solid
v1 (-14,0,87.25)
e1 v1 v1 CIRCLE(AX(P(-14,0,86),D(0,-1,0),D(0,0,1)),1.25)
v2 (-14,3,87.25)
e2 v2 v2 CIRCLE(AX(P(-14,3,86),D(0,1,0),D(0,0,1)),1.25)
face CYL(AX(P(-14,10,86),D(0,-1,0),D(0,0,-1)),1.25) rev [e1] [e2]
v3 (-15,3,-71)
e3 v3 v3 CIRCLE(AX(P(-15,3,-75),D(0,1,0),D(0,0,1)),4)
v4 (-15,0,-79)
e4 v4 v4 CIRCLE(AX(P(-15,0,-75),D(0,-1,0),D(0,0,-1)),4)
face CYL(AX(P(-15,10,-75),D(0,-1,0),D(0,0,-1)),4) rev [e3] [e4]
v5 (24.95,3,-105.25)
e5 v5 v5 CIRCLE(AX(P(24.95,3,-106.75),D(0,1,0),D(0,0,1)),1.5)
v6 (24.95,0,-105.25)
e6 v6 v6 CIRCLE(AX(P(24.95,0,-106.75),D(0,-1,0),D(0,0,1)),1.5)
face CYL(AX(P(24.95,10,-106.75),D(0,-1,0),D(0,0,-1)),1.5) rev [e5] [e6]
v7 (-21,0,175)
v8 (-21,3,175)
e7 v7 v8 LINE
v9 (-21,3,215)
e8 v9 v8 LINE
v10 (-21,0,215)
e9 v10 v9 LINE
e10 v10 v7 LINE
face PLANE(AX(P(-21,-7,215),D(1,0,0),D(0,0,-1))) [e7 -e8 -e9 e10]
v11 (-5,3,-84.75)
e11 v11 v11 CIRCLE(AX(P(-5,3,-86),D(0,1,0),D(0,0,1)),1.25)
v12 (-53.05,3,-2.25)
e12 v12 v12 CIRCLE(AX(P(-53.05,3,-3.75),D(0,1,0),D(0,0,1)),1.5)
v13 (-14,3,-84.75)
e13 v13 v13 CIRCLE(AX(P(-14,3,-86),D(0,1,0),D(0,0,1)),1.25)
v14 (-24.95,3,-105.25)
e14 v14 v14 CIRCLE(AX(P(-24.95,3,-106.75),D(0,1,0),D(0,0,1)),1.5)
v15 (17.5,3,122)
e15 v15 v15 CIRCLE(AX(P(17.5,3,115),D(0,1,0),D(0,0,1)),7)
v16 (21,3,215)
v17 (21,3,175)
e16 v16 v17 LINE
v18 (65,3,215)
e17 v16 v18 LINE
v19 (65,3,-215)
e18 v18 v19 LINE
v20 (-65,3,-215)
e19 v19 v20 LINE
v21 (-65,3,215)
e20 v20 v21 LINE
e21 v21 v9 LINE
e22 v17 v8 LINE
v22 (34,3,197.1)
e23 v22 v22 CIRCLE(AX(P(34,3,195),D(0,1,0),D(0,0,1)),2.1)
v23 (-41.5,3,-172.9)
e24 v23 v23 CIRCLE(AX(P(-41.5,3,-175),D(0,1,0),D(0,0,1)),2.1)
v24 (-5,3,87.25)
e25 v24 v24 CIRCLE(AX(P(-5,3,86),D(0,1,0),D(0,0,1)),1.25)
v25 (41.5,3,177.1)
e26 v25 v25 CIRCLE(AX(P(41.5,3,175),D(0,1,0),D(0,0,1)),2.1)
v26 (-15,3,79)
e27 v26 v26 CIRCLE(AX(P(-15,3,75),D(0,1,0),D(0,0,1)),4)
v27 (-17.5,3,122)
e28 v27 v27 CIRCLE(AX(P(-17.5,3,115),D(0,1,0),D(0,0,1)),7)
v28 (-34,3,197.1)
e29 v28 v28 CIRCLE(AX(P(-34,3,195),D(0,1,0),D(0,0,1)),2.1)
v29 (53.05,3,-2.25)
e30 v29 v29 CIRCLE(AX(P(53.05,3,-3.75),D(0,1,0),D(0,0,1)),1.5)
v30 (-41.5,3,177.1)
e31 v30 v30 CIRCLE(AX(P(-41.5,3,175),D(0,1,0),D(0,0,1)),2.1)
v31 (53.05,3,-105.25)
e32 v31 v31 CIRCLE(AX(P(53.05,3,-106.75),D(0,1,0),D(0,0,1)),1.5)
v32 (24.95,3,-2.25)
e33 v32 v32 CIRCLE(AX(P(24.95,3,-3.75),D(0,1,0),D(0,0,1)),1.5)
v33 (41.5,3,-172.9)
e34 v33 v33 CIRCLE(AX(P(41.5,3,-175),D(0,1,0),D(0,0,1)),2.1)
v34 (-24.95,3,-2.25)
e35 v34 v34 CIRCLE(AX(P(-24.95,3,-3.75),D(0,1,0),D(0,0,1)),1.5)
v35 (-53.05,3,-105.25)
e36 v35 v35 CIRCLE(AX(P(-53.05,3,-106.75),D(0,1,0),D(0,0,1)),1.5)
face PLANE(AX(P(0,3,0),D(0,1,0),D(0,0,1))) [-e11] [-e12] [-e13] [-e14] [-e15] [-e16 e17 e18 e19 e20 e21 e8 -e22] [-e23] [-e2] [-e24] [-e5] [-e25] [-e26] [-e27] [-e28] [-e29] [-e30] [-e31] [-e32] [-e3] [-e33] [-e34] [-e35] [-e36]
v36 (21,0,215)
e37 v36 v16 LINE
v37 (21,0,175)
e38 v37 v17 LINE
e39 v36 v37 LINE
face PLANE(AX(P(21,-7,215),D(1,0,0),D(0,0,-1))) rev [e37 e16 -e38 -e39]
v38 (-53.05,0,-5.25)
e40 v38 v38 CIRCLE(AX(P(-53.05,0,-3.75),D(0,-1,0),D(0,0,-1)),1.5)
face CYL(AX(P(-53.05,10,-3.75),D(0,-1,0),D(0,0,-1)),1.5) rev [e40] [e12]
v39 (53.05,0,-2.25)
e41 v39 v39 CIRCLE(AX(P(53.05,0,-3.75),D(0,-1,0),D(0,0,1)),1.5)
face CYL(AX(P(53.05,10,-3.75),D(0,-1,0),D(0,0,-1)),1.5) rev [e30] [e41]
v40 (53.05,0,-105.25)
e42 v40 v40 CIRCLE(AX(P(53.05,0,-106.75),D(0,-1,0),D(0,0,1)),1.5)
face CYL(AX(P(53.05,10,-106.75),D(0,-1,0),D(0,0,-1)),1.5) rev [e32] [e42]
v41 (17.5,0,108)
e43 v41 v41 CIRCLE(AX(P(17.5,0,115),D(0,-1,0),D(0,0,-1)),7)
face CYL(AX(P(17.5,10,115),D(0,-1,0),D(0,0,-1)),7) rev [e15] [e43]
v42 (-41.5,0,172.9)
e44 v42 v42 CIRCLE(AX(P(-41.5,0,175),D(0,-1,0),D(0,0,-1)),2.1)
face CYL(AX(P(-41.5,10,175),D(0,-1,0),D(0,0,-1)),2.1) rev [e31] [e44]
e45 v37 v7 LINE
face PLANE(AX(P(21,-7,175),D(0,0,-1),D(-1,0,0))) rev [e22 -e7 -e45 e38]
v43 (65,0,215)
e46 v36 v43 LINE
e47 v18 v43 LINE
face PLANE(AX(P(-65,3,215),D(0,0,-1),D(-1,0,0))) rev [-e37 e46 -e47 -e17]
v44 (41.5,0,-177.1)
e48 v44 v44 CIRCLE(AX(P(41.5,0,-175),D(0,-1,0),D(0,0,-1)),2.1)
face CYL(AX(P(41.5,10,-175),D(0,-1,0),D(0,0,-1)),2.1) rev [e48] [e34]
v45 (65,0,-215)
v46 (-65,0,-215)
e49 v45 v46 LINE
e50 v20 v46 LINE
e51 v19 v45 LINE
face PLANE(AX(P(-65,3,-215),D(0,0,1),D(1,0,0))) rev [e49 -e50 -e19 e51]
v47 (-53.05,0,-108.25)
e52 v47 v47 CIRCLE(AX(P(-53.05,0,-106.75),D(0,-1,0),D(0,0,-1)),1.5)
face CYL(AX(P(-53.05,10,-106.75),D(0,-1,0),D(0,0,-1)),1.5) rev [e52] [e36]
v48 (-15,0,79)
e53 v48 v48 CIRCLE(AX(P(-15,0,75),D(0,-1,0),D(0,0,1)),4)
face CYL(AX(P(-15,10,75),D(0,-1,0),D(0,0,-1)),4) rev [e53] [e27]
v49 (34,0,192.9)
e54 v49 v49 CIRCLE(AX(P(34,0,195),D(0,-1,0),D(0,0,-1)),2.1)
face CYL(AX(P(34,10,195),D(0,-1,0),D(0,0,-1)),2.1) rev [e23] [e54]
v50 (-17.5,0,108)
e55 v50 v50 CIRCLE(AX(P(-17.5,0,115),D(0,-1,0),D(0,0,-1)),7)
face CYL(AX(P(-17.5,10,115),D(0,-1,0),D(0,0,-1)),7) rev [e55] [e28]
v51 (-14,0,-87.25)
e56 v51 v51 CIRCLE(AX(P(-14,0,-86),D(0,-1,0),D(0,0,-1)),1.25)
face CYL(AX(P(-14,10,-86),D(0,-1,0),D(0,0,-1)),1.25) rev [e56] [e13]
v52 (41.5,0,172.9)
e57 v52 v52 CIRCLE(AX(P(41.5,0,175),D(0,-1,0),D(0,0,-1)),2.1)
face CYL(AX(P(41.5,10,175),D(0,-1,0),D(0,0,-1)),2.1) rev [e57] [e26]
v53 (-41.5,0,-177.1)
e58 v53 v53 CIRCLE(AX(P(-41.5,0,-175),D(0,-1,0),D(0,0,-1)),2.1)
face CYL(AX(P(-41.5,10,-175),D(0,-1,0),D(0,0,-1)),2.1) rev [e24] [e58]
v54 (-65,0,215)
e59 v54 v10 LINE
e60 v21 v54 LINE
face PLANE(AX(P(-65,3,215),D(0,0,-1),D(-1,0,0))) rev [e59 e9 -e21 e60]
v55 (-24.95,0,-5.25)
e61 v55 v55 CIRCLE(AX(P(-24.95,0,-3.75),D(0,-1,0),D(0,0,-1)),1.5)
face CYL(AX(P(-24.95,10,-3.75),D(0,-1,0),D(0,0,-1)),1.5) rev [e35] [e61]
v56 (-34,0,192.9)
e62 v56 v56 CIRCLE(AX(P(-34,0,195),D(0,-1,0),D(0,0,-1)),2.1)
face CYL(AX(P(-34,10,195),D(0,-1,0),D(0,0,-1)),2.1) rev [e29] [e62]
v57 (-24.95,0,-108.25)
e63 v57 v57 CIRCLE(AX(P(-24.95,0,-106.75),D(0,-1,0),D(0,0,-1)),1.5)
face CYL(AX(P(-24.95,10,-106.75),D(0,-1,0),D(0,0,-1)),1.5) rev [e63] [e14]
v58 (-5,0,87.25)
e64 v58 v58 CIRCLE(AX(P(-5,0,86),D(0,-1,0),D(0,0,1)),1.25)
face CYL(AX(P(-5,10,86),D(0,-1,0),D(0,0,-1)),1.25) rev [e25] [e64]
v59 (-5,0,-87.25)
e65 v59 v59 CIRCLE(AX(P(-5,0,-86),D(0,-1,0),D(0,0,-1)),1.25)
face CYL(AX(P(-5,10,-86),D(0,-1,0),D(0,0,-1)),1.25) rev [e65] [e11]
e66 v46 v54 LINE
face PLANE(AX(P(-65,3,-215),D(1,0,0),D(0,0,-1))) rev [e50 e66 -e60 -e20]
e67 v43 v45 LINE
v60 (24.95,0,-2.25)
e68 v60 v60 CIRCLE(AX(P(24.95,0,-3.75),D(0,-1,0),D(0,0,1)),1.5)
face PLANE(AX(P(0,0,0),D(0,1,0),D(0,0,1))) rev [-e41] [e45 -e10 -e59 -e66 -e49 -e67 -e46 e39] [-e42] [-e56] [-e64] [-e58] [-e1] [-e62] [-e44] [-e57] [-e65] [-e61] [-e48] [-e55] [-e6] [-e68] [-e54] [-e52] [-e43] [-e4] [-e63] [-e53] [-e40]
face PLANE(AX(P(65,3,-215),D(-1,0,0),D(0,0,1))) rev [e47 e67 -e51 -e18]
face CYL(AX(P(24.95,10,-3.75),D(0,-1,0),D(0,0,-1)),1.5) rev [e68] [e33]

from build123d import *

# Parameters (mm, degrees)
SKETCH1_W           = 130
SKETCH1_H           = 430
BOSS_EXTRUDE1_DEPTH = 3
SKETCH2_W           = 42
SKETCH2_H           = 40
CUT_EXTRUDE1_DEPTH  = 10
SKETCH3_R           = 1.5
SKETCH3_R_2         = 2.1
CUT_EXTRUDE2_DEPTH  = 10
SKETCH4_R           = 7
CUT_EXTRUDE3_DEPTH  = 10
SKETCH5_R           = 4
SKETCH5_R_2         = 1.25
CUT_EXTRUDE4_DEPTH  = 10


with BuildPart() as part:
    # Sketch1 → Boss-Extrude1 (new body)
    with BuildSketch(Plane(origin=(0, 0, 0), x_dir=(1, 0, 0), z_dir=(0, 1, 0))):
        Rectangle(SKETCH1_W, SKETCH1_H)
    extrude(amount=BOSS_EXTRUDE1_DEPTH)

    # Sketch2 → Cut-Extrude1 (cut)
    with BuildSketch(Plane(origin=(0, 3, 0), x_dir=(1, 0, 0), z_dir=(0, 1, 0))):
        with Locations((0, -195)):
            Rectangle(SKETCH2_W, SKETCH2_H)
    extrude(amount=-CUT_EXTRUDE1_DEPTH, mode=Mode.SUBTRACT)

    # Sketch3 → Cut-Extrude2 (cut)
    with BuildSketch(Plane.XZ):
        with Locations(Location((-53.05, -3.75, 0), (0, 0, 270))):
            Circle(SKETCH3_R)
        with Locations(Location((-24.95, -3.75, 0), (0, 0, 270))):
            Circle(SKETCH3_R)
        with Locations(Location((-53.05, -106.75, 0), (0, 0, 270))):
            Circle(SKETCH3_R)
        with Locations(Location((-24.95, -106.75, 0), (0, 0, 270))):
            Circle(SKETCH3_R)
        with Locations(Location((24.95, -106.75, 0), (0, 0, 90))):
            Circle(SKETCH3_R)
        with Locations(Location((34, 195, 0), (0, 0, 270))):
            Circle(SKETCH3_R_2)
        with Locations(Location((53.05, -106.75, 0), (0, 0, 90))):
            Circle(SKETCH3_R)
        with Locations(Location((24.95, -3.75, 0), (0, 0, 90))):
            Circle(SKETCH3_R)
        with Locations(Location((-34, 195, 0), (0, 0, 270))):
            Circle(SKETCH3_R_2)
        with Locations(Location((53.05, -3.75, 0), (0, 0, 90))):
            Circle(SKETCH3_R)
        with Locations(Location((-41.5, 175, 0), (0, 0, 270))):
            Circle(SKETCH3_R_2)
        with Locations(Location((41.5, 175, 0), (0, 0, 270))):
            Circle(SKETCH3_R_2)
        with Locations(Location((41.5, -175, 0), (0, 0, 270))):
            Circle(SKETCH3_R_2)
        with Locations(Location((-41.5, -175, 0), (0, 0, 270))):
            Circle(SKETCH3_R_2)
    extrude(amount=-CUT_EXTRUDE2_DEPTH, mode=Mode.SUBTRACT)

    # Sketch4 → Cut-Extrude3 (cut)
    with BuildSketch(Plane.XZ):
        with Locations(Location((-17.5, 115, 0), (0, 0, 270))):
            Circle(SKETCH4_R)
        with Locations(Location((17.5, 115, 0), (0, 0, 270))):
            Circle(SKETCH4_R)
    extrude(amount=-CUT_EXTRUDE3_DEPTH, mode=Mode.SUBTRACT)

    # Sketch5 → Cut-Extrude4 (cut)
    with BuildSketch(Plane.XZ):
        with Locations(Location((-15, -75, 0), (0, 0, 270))):
            Circle(SKETCH5_R)
        with Locations(Location((-14, -86, 0), (0, 0, 270))):
            Circle(SKETCH5_R_2)
        with Locations(Location((-5, -86, 0), (0, 0, 270))):
            Circle(SKETCH5_R_2)
        with Locations(Location((-15, 75, 0), (0, 0, 90))):
            Circle(SKETCH5_R)
        with Locations(Location((-14, 86, 0), (0, 0, 90))):
            Circle(SKETCH5_R_2)
        with Locations(Location((-5, 86, 0), (0, 0, 90))):
            Circle(SKETCH5_R_2)
    extrude(amount=-CUT_EXTRUDE4_DEPTH, mode=Mode.SUBTRACT)


solid = part.part
